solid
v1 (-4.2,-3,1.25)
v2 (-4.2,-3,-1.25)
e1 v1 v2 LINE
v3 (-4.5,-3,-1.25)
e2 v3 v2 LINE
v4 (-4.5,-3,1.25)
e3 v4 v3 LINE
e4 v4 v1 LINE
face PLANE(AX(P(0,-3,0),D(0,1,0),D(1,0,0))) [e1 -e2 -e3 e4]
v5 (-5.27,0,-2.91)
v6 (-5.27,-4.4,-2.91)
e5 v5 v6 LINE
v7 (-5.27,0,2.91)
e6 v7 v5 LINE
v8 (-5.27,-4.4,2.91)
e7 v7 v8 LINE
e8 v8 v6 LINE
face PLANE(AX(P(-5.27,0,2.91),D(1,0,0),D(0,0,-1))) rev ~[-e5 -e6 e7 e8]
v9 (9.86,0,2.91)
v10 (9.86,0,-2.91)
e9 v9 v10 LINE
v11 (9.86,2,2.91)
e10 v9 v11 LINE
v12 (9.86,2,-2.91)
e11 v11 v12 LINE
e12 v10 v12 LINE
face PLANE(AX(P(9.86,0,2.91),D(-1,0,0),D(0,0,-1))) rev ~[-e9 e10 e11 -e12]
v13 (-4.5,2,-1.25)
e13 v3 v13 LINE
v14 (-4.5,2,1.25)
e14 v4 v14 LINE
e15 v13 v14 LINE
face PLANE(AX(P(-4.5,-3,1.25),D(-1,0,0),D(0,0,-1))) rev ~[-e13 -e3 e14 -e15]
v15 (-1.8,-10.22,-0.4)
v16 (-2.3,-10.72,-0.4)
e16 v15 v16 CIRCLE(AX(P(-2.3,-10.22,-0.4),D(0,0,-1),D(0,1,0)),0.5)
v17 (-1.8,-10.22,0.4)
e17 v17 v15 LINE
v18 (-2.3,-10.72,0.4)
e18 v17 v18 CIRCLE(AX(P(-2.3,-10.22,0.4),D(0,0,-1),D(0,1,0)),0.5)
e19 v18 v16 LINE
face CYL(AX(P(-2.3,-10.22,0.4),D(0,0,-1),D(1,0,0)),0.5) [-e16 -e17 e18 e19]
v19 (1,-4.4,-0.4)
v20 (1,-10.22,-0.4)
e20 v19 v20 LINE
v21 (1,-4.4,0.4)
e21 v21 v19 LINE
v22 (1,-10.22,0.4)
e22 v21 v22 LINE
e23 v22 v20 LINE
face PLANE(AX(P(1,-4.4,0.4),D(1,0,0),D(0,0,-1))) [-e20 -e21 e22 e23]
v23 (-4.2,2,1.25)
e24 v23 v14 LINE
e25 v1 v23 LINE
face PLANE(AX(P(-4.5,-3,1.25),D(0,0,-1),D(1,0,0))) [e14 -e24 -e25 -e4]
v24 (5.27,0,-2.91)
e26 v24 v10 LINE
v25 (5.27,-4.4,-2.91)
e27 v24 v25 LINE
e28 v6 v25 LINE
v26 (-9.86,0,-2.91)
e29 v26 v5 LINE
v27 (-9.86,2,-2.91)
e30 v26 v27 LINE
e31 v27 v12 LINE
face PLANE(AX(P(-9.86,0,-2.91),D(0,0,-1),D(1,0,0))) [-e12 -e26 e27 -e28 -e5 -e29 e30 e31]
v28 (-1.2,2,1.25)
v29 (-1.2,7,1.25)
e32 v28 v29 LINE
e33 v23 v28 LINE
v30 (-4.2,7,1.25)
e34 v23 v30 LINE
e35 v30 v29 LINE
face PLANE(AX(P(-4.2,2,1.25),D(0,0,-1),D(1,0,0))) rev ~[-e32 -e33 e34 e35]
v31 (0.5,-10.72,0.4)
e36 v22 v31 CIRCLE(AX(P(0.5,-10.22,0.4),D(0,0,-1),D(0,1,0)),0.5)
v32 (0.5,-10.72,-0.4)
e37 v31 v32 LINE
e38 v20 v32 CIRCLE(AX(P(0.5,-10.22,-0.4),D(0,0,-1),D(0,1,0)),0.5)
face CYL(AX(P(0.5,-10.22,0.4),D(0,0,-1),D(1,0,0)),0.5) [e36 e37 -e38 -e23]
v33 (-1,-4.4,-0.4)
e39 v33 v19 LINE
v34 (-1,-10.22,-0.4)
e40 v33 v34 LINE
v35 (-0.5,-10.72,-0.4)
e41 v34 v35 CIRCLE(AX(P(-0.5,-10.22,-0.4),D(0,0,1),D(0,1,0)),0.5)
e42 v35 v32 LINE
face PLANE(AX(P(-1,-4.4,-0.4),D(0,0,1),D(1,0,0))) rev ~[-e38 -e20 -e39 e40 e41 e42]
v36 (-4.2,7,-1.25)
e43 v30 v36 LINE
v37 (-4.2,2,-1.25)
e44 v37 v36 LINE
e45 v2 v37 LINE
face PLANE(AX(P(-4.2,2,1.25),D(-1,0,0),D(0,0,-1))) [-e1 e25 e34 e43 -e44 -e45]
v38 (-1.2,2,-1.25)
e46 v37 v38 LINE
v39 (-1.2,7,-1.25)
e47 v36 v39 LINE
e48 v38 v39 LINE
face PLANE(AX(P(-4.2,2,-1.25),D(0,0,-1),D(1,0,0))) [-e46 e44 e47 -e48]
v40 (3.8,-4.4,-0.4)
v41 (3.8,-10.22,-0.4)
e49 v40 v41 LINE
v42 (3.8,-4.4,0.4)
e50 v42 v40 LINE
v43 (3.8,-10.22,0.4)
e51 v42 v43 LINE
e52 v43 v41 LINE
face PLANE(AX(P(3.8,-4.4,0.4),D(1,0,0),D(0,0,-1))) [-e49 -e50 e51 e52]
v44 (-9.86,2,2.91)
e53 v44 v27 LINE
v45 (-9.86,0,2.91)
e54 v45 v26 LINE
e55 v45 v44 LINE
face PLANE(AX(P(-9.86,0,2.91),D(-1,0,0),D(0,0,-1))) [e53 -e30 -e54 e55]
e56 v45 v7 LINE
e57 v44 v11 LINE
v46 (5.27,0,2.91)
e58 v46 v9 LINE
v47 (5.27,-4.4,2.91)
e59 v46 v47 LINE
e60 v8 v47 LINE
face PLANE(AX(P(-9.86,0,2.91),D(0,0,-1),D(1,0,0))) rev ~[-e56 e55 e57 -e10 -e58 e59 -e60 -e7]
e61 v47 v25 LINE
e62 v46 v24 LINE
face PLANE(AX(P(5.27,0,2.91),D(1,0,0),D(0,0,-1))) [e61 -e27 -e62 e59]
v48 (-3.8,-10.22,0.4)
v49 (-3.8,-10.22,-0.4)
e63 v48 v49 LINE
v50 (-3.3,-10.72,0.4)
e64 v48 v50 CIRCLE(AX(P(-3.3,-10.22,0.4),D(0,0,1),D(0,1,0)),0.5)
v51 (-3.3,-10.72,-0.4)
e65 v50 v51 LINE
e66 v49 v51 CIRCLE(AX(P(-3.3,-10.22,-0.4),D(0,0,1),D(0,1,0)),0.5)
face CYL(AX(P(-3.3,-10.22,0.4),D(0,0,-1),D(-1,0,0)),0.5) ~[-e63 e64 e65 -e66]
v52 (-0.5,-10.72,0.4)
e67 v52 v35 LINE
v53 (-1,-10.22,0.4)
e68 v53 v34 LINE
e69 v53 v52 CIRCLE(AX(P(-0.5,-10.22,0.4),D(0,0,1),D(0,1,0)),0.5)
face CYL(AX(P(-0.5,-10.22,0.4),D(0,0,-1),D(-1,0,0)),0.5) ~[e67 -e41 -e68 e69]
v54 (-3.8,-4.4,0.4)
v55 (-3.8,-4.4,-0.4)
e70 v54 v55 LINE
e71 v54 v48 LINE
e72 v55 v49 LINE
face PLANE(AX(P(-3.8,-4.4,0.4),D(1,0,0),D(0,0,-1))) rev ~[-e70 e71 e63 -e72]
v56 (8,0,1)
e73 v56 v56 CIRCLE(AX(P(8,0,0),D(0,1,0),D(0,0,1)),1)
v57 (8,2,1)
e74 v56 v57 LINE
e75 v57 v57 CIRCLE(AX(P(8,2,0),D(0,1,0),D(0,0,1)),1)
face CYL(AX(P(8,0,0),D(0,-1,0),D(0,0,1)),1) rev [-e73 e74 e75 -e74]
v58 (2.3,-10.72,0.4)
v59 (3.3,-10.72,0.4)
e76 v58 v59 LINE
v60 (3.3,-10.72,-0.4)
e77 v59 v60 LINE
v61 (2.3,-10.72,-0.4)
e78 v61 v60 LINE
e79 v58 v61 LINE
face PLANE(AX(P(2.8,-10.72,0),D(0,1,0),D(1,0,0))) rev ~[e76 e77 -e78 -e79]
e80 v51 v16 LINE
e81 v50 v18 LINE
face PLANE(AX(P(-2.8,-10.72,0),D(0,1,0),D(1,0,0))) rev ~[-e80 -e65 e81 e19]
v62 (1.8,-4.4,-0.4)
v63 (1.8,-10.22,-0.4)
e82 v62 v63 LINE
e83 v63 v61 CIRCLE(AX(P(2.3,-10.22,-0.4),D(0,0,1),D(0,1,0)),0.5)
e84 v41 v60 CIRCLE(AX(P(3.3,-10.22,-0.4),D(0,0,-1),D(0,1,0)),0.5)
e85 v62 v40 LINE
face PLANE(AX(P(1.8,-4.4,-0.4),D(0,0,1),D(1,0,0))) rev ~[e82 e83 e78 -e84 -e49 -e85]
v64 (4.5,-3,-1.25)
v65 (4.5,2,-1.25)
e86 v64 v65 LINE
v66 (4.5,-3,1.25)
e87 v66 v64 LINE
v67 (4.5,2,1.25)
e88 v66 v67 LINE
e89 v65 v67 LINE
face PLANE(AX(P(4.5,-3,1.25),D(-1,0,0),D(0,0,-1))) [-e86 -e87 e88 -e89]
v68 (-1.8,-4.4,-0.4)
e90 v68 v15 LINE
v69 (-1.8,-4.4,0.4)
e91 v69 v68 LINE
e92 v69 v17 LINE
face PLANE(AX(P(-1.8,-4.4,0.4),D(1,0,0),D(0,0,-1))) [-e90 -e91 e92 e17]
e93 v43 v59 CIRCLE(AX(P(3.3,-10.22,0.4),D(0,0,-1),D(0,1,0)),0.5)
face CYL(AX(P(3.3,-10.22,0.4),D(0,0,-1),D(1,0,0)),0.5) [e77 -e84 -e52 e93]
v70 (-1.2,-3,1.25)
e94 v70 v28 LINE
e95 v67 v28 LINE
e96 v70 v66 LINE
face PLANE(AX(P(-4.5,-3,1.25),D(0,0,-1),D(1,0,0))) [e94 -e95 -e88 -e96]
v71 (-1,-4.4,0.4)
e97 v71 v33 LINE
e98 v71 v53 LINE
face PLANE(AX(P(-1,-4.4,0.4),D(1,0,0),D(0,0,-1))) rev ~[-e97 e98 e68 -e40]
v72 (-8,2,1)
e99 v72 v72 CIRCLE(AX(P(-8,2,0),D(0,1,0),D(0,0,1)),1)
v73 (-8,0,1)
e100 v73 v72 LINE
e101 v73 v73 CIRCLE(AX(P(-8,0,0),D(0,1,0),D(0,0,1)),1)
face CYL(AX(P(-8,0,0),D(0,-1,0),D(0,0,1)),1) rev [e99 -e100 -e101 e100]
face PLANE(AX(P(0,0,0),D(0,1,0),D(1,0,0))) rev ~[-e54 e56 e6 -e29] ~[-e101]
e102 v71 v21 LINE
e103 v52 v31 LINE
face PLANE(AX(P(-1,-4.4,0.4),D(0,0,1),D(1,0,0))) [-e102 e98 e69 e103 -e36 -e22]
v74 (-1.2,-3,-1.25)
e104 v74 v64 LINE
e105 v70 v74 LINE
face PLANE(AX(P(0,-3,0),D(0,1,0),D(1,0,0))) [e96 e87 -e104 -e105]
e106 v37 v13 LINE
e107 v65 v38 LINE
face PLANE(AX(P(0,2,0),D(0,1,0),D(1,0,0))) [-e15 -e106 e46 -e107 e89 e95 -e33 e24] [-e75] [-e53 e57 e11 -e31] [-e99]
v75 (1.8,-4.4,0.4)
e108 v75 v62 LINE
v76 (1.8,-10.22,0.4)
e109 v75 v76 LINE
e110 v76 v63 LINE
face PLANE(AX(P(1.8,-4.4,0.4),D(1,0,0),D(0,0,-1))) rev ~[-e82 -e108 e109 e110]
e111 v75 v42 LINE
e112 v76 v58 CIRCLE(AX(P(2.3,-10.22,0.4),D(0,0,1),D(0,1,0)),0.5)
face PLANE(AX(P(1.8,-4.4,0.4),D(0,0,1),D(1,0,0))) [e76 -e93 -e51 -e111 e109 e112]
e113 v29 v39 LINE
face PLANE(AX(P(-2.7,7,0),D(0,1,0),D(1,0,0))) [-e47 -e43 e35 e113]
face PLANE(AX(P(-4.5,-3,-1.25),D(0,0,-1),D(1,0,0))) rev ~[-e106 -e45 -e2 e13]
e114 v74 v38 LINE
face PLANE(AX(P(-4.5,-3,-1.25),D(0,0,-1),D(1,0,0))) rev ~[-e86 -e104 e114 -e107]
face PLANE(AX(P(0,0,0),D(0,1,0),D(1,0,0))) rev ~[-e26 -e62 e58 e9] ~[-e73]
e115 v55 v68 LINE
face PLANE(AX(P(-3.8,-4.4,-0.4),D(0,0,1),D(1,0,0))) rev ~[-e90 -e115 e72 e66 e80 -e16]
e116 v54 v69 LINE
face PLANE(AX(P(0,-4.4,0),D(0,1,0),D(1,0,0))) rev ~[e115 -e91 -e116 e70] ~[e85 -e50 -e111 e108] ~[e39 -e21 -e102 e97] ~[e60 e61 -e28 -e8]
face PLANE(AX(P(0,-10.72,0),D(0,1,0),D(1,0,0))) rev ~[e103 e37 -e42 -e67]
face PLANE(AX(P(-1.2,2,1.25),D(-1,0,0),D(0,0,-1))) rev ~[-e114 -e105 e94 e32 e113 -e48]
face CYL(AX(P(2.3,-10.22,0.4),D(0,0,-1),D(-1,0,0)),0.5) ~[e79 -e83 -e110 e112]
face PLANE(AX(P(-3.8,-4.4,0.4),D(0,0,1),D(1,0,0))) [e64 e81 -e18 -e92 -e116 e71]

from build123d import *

# Parameters (mm, degrees)
SKETCH1_W               = 19.72
SKETCH1_H               = 5.82
SKETCH1_R               = 1
BOSS_EXTRUDE1_DEPTH     = 2
SKETCH1_3_W             = 10.54
SKETCH1_3_H             = 5.82
BOSS_EXTRUDE2_DEPTH     = 4.4
CUT_EXTRUDE1_DEPTH      = 12.182472893
CUT_EXTRUDE1_DEPTH_BACK = 3
SKETCH1_4_W             = 9
SKETCH1_4_H             = 2.5
BOSS_EXTRUDE3_START     = -3
SKETCH1_5_W             = 3
SKETCH1_5_H             = 2.5
BOSS_EXTRUDE3_DEPTH     = 5
BOSS_EXTRUDE4_START     = 2
SKETCH1_6_W             = 3
SKETCH1_6_H             = 2.5
BOSS_EXTRUDE4_DEPTH     = 5
BOSS_EXTRUDE5_START     = -4.4
SKETCH2_W               = 2
SKETCH2_H               = 0.8
BOSS_EXTRUDE5_DEPTH     = 6.32
FILLET1_R               = 0.5


with BuildPart() as part:
    # Sketch1 → Boss-Extrude1 (new body)
    with BuildSketch(Plane(origin=(0, 0, 0), x_dir=(1, 0, 0), z_dir=(0, 1, 0))):
        Rectangle(SKETCH1_W, SKETCH1_H)
        with Locations(Location((8, 0, 0), (0, 0, 270))):
            Circle(SKETCH1_R, mode=Mode.SUBTRACT)
        with Locations(Location((-8, 0, 0), (0, 0, 270))):
            Circle(SKETCH1_R, mode=Mode.SUBTRACT)
    extrude(amount=BOSS_EXTRUDE1_DEPTH)

    # Sketch1<3> → Boss-Extrude2 (add)
    with BuildSketch(Plane(origin=(0, 0, 0), x_dir=(1, 0, 0), z_dir=(0, 1, 0))):
        Rectangle(SKETCH1_3_W, SKETCH1_3_H)
    extrude(amount=-BOSS_EXTRUDE2_DEPTH)

    # Sketch1<4> → Cut-Extrude1 (cut, two sides: drawn at the far end of the back side and taken through both)
    with BuildSketch(Plane(origin=(0, 0, 0), x_dir=(1, 0, 0), z_dir=(0, 1, 0)).offset(-CUT_EXTRUDE1_DEPTH_BACK)):
        Rectangle(SKETCH1_4_W, SKETCH1_4_H)
    extrude(amount=CUT_EXTRUDE1_DEPTH + CUT_EXTRUDE1_DEPTH_BACK, mode=Mode.SUBTRACT)

    # Sketch1<5> → Boss-Extrude3 (add)
    with BuildSketch(Plane(origin=(0, 0, 0), x_dir=(1, 0, 0), z_dir=(0, 1, 0)).offset(BOSS_EXTRUDE3_START)):
        with Locations((-2.7, 0)):
            Rectangle(SKETCH1_5_W, SKETCH1_5_H)
    extrude(amount=BOSS_EXTRUDE3_DEPTH)

    # Sketch1<6> → Boss-Extrude4 (add)
    with BuildSketch(Plane(origin=(0, 0, 0), x_dir=(1, 0, 0), z_dir=(0, 1, 0)).offset(BOSS_EXTRUDE4_START)):
        with Locations((-2.7, 0)):
            Rectangle(SKETCH1_6_W, SKETCH1_6_H)
    extrude(amount=BOSS_EXTRUDE4_DEPTH)

    # Sketch2 → Boss-Extrude5 (add)
    with BuildSketch(Plane(origin=(0, 0, 0), x_dir=(1, 0, 0), z_dir=(0, 1, 0)).offset(BOSS_EXTRUDE5_START)):
        with Locations((-2.8, 0)):
            Rectangle(SKETCH2_W, SKETCH2_H)
        Rectangle(SKETCH2_W, SKETCH2_H)
        with Locations((2.8, 0)):
            Rectangle(SKETCH2_W, SKETCH2_H)
    extrude(amount=-BOSS_EXTRUDE5_DEPTH)

    # Fillet1
    fillet1_edges = [part.edges().sort_by_distance(p)[0] for p in [
        (1.8, -10.72, 0),
        (3.8, -10.72, 0),
        (-3.8, -10.72, 0),
        (-1.8, -10.72, 0),
        (-1, -10.72, 0),
        (1, -10.72, 0),
    ]]
    fillet(fillet1_edges, radius=FILLET1_R)


solid = part.part
